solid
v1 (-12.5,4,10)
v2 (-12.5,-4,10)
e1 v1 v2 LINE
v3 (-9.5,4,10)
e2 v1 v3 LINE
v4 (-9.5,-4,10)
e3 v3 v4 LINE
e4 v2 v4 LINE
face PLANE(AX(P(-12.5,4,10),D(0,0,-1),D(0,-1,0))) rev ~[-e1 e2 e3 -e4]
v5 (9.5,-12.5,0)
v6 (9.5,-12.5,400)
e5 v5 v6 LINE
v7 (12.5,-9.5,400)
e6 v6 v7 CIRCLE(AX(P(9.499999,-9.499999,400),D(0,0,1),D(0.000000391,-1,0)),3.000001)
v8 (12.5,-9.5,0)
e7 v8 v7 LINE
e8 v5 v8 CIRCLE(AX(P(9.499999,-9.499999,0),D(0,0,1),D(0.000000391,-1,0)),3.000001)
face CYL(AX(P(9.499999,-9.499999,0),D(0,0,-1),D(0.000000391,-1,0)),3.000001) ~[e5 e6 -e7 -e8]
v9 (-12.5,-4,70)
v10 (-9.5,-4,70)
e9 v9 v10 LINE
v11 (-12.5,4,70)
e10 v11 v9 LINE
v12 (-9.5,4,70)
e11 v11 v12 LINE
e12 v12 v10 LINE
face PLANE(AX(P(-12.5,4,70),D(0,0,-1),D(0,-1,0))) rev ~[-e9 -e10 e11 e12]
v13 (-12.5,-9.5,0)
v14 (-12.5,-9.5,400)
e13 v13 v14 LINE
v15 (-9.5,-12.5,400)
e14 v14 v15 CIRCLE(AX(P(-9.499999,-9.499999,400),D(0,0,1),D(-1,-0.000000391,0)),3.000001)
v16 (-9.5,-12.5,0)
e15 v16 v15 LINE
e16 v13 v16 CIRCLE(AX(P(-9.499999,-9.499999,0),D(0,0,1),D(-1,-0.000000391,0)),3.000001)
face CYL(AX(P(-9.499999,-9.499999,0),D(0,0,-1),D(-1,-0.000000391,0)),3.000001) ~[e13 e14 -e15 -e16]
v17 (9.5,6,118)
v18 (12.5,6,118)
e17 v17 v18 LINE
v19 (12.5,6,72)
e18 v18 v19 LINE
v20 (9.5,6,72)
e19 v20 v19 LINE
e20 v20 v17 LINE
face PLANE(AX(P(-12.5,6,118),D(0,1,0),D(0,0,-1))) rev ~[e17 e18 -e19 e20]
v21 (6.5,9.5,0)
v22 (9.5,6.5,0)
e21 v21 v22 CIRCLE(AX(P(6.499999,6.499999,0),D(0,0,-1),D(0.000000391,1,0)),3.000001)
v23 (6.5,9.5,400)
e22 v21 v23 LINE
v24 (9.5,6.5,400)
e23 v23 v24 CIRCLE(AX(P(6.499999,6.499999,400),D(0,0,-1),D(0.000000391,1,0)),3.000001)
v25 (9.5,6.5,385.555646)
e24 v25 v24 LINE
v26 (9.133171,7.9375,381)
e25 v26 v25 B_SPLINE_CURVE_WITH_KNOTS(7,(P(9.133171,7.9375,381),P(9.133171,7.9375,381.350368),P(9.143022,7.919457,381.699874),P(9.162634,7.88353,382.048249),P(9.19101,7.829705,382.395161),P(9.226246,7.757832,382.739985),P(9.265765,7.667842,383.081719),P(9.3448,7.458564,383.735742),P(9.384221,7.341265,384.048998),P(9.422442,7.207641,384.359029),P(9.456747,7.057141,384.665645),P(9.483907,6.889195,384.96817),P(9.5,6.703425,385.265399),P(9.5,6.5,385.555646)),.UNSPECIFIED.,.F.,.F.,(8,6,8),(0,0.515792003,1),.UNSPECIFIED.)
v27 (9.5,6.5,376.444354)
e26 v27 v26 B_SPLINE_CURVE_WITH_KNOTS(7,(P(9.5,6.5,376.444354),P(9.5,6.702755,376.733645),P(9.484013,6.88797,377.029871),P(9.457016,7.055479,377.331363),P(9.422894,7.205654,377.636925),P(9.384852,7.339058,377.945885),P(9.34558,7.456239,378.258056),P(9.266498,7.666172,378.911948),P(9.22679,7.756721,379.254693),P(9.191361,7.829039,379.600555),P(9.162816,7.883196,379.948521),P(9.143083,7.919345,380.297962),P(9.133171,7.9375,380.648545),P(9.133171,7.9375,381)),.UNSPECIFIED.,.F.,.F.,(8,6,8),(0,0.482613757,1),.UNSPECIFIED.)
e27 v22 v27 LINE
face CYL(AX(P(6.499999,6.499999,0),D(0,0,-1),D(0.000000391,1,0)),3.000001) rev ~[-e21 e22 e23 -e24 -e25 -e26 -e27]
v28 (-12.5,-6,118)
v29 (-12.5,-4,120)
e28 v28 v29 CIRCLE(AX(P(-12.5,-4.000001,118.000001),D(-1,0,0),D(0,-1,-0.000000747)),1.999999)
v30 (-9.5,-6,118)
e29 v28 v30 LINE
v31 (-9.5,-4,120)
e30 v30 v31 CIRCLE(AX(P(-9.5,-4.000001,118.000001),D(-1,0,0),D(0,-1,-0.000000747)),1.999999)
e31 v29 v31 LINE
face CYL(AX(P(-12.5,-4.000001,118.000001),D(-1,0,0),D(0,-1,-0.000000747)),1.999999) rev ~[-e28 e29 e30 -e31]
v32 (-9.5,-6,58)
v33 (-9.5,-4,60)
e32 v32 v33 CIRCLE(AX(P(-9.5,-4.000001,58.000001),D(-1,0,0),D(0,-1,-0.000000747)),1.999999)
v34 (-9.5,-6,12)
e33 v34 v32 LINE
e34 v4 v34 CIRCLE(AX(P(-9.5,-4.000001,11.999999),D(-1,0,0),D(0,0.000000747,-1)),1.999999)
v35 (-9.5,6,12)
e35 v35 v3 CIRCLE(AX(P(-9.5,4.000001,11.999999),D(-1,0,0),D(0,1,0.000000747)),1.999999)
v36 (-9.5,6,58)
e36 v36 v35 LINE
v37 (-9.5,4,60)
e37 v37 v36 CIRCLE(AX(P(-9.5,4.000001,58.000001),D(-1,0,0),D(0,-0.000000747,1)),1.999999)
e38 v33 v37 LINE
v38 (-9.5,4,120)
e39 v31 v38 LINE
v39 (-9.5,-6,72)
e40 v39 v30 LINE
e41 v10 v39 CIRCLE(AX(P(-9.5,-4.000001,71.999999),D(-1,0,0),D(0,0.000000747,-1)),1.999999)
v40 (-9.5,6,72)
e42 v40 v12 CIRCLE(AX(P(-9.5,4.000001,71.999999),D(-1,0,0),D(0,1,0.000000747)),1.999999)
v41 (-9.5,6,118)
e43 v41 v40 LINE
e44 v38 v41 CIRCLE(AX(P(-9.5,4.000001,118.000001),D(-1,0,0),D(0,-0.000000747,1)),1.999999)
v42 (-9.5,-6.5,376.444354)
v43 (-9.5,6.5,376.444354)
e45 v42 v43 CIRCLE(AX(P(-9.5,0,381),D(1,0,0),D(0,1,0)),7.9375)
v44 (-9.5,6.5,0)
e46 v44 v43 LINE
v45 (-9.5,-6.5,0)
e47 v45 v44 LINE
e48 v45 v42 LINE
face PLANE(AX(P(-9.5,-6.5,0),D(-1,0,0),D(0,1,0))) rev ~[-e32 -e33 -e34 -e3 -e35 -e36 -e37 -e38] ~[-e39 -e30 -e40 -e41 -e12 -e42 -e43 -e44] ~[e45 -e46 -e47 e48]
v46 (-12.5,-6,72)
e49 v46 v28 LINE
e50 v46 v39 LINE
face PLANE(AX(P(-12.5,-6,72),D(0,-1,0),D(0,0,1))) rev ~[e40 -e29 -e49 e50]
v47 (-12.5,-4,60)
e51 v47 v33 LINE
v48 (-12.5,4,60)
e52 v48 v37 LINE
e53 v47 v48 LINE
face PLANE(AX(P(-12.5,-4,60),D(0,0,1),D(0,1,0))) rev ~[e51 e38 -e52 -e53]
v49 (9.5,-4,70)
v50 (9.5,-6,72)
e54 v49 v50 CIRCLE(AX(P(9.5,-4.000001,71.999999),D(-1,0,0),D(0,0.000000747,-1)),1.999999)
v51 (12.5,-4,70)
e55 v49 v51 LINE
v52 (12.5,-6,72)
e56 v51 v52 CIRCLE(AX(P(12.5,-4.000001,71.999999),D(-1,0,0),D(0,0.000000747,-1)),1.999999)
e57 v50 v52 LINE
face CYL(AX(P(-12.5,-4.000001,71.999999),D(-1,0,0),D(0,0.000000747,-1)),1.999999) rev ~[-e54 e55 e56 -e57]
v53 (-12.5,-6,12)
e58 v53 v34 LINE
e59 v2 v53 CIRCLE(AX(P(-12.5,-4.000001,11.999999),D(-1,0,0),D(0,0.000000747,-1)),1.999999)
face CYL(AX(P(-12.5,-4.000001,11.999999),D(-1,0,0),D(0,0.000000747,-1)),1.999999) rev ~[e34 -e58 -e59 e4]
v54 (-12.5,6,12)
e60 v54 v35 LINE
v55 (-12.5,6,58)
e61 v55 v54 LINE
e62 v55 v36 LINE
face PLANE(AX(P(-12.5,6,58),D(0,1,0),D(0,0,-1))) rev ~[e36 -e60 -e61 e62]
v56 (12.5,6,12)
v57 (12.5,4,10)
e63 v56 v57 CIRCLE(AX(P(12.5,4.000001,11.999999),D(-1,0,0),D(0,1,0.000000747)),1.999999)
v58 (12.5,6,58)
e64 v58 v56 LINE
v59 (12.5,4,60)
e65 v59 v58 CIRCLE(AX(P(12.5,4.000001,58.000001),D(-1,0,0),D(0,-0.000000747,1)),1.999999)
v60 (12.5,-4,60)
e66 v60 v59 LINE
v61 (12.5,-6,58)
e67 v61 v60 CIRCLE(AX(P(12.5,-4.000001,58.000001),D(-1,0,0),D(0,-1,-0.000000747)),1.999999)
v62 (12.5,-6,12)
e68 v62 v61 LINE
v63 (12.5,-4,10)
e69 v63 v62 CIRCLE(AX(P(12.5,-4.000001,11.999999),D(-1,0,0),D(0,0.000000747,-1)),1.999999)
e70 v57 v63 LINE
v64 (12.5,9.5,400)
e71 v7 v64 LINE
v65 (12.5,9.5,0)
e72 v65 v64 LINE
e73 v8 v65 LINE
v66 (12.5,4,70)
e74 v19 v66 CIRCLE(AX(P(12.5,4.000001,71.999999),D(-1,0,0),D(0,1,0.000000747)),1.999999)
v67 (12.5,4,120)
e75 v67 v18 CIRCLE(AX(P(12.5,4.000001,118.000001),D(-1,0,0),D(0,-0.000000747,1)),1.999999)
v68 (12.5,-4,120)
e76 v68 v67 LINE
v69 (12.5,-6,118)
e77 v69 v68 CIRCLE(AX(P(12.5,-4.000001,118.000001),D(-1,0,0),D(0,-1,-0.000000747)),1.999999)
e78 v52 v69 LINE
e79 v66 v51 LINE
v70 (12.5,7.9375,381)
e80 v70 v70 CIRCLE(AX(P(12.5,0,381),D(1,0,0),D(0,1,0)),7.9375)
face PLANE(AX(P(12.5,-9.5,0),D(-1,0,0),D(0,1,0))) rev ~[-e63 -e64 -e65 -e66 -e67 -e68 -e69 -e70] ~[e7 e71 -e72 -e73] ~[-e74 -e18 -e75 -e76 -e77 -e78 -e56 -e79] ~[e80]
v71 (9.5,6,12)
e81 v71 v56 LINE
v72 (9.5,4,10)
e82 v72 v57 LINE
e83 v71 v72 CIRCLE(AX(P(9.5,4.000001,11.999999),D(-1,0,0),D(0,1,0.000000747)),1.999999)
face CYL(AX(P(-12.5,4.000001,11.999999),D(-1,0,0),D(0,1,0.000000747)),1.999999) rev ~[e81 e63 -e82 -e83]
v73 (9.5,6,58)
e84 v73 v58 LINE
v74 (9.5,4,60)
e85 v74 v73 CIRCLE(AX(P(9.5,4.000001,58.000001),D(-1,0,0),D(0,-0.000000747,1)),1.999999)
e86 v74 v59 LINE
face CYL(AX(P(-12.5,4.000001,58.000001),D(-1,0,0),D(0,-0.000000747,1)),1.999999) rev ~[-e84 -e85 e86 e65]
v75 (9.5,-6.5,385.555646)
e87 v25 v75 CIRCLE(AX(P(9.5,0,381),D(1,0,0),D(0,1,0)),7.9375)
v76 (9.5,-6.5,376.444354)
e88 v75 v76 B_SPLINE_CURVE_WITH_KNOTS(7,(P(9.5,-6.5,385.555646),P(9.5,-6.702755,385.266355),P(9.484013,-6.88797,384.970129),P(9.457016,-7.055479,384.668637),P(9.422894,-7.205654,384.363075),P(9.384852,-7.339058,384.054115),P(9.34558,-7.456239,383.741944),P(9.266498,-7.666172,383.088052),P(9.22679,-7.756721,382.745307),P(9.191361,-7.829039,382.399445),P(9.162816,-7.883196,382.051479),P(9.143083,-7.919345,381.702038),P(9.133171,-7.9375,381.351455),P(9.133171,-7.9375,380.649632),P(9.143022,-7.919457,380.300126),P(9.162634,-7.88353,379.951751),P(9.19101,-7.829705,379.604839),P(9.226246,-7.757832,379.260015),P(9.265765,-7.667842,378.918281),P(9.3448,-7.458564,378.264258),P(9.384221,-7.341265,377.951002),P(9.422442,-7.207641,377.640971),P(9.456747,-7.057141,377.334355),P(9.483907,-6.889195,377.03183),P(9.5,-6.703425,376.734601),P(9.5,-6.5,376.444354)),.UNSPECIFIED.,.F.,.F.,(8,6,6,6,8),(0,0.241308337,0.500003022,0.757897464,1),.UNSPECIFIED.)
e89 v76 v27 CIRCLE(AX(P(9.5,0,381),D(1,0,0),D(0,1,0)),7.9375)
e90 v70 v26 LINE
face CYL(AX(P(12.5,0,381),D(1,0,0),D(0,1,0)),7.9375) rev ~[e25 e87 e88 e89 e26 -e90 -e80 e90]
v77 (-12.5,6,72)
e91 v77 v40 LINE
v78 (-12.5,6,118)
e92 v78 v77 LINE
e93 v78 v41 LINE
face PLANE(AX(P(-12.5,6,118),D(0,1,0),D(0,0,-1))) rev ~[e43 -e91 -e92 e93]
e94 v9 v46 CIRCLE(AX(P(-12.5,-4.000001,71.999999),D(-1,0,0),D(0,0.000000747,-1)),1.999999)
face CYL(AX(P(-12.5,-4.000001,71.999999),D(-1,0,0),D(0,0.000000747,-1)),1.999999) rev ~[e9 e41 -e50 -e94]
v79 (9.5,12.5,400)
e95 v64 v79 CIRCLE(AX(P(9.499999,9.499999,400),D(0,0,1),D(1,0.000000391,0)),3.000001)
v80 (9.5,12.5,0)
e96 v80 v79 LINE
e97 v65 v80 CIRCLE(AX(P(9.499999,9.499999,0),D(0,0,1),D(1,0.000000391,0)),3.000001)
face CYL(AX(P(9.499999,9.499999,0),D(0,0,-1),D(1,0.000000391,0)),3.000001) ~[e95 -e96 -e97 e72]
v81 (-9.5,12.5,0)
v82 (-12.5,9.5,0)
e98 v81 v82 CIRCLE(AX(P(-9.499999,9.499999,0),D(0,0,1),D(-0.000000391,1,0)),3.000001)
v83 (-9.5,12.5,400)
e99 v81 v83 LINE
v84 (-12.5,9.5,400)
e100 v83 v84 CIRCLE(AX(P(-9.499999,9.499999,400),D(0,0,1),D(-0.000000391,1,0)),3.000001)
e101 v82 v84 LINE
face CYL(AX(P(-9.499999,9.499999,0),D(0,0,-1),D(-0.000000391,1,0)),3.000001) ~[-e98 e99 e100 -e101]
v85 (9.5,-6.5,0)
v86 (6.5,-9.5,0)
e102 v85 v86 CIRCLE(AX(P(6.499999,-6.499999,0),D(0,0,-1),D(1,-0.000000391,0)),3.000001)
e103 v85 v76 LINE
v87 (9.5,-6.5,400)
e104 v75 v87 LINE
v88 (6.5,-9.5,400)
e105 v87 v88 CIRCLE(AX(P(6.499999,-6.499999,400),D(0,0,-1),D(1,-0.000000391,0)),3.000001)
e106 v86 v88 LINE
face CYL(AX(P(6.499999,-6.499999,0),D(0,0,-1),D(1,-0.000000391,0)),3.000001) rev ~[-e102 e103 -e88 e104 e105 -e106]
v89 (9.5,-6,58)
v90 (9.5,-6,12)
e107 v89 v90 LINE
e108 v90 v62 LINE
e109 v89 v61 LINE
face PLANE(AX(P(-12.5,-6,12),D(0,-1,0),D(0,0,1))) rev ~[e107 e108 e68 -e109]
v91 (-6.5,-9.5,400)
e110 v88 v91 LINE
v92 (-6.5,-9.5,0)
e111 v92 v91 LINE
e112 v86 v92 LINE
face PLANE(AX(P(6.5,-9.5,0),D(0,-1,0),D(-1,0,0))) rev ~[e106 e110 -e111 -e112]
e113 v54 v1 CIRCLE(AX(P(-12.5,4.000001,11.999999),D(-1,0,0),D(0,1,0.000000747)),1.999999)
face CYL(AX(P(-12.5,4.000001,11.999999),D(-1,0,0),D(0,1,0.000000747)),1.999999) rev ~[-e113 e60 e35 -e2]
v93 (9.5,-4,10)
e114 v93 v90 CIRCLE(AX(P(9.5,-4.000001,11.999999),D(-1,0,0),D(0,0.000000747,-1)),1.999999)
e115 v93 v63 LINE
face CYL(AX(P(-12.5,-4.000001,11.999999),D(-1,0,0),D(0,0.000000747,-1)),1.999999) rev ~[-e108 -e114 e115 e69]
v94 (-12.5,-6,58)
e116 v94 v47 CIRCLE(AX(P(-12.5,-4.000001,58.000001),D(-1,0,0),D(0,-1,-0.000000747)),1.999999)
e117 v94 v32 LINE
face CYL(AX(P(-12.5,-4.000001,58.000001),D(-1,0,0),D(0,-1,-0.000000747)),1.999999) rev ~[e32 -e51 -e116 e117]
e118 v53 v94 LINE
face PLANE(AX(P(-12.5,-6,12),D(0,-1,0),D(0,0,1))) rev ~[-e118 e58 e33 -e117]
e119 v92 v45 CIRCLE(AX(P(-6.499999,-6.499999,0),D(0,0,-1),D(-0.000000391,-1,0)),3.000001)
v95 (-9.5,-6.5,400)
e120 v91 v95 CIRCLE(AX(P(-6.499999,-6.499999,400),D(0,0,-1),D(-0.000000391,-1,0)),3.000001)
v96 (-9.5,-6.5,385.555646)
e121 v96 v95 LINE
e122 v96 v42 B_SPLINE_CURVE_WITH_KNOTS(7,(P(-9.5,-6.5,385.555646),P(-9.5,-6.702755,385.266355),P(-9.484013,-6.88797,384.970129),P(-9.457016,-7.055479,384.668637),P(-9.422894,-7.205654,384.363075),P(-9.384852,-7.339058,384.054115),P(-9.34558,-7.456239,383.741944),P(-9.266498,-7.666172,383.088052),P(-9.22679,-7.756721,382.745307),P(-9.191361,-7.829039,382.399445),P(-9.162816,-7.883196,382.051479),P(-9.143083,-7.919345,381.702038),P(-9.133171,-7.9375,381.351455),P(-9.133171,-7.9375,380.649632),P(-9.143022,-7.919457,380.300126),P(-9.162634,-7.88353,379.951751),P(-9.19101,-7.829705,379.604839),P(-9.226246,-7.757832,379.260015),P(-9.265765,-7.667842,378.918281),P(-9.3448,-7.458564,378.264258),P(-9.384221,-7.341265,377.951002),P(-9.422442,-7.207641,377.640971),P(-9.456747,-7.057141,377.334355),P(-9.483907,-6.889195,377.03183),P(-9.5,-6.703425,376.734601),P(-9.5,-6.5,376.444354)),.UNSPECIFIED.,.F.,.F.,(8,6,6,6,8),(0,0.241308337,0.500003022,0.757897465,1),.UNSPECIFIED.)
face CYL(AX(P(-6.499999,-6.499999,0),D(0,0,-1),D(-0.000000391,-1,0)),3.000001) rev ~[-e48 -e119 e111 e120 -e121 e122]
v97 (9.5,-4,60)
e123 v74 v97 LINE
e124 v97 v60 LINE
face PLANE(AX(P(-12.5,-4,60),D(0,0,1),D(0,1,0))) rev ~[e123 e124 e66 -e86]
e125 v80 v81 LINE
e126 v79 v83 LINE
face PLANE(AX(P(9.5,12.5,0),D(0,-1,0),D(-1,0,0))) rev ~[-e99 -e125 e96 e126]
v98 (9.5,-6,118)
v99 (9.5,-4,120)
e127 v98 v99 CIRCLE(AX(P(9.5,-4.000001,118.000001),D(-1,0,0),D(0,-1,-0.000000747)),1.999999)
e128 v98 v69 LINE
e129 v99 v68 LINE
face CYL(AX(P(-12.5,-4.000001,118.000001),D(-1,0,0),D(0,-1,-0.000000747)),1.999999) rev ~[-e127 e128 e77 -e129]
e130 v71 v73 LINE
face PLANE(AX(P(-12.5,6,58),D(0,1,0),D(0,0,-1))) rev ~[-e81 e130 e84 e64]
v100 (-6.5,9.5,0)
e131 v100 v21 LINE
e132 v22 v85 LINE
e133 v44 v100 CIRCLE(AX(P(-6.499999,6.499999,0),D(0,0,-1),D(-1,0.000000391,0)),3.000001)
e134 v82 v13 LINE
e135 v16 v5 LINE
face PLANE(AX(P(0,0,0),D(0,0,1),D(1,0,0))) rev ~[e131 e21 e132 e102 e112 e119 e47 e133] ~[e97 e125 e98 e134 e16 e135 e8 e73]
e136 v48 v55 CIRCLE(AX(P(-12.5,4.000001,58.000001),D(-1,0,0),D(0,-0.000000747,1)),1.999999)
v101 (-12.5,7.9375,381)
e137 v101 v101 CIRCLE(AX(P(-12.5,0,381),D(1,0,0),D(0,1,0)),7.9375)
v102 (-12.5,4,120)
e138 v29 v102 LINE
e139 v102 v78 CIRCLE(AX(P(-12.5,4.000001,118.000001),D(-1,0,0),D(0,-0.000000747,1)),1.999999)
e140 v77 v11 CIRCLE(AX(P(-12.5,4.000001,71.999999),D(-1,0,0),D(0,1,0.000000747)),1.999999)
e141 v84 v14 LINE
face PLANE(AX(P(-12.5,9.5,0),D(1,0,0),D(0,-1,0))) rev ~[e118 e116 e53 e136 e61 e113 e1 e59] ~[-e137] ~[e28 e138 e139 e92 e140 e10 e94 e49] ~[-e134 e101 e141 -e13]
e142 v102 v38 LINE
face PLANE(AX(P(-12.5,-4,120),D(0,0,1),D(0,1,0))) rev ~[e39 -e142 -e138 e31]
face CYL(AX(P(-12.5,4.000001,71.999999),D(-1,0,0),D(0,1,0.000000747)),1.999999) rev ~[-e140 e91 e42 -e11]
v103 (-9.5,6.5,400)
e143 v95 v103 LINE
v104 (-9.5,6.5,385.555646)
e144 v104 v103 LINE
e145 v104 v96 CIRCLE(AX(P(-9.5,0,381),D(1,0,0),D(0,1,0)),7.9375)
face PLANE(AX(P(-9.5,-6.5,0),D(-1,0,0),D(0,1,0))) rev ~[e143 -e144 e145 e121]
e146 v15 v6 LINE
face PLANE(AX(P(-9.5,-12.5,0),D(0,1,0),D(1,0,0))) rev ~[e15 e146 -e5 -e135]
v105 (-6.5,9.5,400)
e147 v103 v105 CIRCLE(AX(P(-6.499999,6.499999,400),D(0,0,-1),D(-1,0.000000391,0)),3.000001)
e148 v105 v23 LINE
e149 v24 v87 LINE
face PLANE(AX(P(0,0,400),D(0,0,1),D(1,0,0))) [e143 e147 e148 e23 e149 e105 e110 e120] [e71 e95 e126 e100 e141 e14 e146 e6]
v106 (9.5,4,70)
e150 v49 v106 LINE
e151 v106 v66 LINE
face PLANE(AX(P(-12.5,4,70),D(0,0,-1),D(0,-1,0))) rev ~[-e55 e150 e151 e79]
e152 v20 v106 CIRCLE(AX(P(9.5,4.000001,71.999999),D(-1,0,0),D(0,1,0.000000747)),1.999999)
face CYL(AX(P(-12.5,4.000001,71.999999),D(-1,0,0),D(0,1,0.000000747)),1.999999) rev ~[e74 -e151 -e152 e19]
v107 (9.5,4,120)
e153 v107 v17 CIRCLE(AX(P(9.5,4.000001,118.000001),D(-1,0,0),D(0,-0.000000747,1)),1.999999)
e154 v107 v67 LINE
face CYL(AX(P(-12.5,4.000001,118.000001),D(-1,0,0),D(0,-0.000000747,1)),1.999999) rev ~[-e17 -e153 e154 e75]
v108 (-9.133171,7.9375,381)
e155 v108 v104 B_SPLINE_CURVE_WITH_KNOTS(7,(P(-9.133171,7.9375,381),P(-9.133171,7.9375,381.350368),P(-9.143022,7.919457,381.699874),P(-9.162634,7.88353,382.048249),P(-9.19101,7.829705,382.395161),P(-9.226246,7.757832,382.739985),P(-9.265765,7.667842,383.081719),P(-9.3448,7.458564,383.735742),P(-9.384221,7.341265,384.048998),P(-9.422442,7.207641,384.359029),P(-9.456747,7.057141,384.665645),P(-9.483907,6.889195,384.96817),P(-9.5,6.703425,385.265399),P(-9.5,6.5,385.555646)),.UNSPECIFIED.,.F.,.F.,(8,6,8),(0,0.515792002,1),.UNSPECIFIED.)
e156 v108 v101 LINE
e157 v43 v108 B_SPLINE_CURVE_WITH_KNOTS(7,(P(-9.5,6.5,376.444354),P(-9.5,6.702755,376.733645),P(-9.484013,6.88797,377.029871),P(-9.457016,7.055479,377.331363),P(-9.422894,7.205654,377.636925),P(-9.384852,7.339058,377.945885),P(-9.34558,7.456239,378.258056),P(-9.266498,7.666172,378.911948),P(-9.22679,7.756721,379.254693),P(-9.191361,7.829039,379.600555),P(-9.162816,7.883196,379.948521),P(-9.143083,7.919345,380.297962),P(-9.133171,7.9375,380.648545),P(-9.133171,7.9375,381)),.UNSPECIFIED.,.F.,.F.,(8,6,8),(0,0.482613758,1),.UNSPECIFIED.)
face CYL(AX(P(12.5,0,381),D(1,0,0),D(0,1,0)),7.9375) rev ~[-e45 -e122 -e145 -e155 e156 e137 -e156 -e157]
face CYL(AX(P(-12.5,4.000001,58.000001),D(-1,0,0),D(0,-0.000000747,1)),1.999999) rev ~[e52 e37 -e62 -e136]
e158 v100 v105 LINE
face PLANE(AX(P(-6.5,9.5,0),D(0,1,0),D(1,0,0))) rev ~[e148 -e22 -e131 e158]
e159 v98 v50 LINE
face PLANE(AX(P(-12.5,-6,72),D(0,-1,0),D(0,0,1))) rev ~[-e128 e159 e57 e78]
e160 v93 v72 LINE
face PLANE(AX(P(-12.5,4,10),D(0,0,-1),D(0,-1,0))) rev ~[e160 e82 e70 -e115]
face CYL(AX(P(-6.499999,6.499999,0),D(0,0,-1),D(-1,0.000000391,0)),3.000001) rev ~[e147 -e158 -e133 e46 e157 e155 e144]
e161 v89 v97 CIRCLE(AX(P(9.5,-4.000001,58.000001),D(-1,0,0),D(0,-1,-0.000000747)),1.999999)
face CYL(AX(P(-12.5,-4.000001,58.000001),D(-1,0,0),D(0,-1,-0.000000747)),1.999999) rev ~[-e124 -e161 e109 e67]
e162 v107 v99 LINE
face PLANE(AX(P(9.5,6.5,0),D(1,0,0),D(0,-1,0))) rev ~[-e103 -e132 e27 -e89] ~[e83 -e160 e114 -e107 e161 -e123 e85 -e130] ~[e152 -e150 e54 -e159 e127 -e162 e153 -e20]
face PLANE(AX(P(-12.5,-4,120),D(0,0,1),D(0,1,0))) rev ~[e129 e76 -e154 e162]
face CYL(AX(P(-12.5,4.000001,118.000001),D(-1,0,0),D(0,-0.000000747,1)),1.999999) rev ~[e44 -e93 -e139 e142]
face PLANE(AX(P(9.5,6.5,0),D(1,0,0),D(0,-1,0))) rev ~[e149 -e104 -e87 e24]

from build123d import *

# Parameters (mm, degrees)
F1_DEPTH = 400
F3_DEPTH = 25.001
F4_R     = 7.9375
F5_DEPTH = 25.001


with BuildPart() as f1:
    # F0 (on Top) → F1 (new body)
    with BuildSketch(Plane.XY):
        with BuildLine():
            ThreePointArc((12.5, 9.5), (11.62132, 11.62132), (9.5, 12.5))
            Line((9.5, 12.5), (-9.5, 12.5))
            ThreePointArc((-9.5, 12.5), (-11.62132, 11.62132), (-12.5, 9.5))
            Line((-12.5, 9.5), (-12.5, -9.5))
            ThreePointArc((-12.5, -9.5), (-11.62132, -11.62132), (-9.5, -12.5))
            Line((-9.5, -12.5), (9.5, -12.5))
            ThreePointArc((9.5, -12.5), (11.62132, -11.62132), (12.5, -9.5))
            Line((12.5, -9.5), (12.5, 9.5))
        make_face()
        with BuildLine():
            Line((-6.5, 9.5), (6.5, 9.5))
            ThreePointArc((6.5, 9.5), (8.62132, 8.62132), (9.5, 6.5))
            Line((9.5, 6.5), (9.5, -6.5))
            ThreePointArc((9.5, -6.5), (8.62132, -8.62132), (6.5, -9.5))
            Line((6.5, -9.5), (-6.5, -9.5))
            ThreePointArc((-6.5, -9.5), (-8.62132, -8.62132), (-9.5, -6.5))
            Line((-9.5, -6.5), (-9.5, 6.5))
            ThreePointArc((-9.5, 6.5), (-8.62132, 8.62132), (-6.5, 9.5))
        make_face(mode=Mode.SUBTRACT)
    extrude(amount=F1_DEPTH)

    # F2 (on face) → F3 (cut, through all)
    with BuildSketch(Plane(origin=(-12.5, 0, 0), x_dir=(0, -1, 0), z_dir=(-1, 0, 0))):
        with BuildLine():
            ThreePointArc((6, 58), (5.414214, 59.414214), (4, 60))
            Line((4, 60), (-4, 60))
            ThreePointArc((-4, 60), (-5.414214, 59.414214), (-6, 58))
            Line((-6, 58), (-6, 12))
            ThreePointArc((-6, 12), (-5.414214, 10.585786), (-4, 10))
            Line((-4, 10), (4, 10))
            ThreePointArc((4, 10), (5.414214, 10.585786), (6, 12))
            Line((6, 12), (6, 58))
        make_face()
        with BuildLine():
            ThreePointArc((6, 118), (5.414214, 119.414214), (4, 120))
            Line((4, 120), (-4, 120))
            ThreePointArc((-4, 120), (-5.414214, 119.414214), (-6, 118))
            Line((-6, 118), (-6, 72))
            ThreePointArc((-6, 72), (-5.414214, 70.585786), (-4, 70))
            Line((-4, 70), (4, 70))
            ThreePointArc((4, 70), (5.414214, 70.585786), (6, 72))
            Line((6, 72), (6, 118))
        make_face()
    extrude(amount=-F3_DEPTH, mode=Mode.SUBTRACT)

    # F4 (on face) → F5 (cut, through all)
    with BuildSketch(Plane.YZ.offset(12.5)):
        with Locations((0, 381)):
            Circle(F4_R)
    extrude(amount=-F5_DEPTH, mode=Mode.SUBTRACT)


solid = f1.part
